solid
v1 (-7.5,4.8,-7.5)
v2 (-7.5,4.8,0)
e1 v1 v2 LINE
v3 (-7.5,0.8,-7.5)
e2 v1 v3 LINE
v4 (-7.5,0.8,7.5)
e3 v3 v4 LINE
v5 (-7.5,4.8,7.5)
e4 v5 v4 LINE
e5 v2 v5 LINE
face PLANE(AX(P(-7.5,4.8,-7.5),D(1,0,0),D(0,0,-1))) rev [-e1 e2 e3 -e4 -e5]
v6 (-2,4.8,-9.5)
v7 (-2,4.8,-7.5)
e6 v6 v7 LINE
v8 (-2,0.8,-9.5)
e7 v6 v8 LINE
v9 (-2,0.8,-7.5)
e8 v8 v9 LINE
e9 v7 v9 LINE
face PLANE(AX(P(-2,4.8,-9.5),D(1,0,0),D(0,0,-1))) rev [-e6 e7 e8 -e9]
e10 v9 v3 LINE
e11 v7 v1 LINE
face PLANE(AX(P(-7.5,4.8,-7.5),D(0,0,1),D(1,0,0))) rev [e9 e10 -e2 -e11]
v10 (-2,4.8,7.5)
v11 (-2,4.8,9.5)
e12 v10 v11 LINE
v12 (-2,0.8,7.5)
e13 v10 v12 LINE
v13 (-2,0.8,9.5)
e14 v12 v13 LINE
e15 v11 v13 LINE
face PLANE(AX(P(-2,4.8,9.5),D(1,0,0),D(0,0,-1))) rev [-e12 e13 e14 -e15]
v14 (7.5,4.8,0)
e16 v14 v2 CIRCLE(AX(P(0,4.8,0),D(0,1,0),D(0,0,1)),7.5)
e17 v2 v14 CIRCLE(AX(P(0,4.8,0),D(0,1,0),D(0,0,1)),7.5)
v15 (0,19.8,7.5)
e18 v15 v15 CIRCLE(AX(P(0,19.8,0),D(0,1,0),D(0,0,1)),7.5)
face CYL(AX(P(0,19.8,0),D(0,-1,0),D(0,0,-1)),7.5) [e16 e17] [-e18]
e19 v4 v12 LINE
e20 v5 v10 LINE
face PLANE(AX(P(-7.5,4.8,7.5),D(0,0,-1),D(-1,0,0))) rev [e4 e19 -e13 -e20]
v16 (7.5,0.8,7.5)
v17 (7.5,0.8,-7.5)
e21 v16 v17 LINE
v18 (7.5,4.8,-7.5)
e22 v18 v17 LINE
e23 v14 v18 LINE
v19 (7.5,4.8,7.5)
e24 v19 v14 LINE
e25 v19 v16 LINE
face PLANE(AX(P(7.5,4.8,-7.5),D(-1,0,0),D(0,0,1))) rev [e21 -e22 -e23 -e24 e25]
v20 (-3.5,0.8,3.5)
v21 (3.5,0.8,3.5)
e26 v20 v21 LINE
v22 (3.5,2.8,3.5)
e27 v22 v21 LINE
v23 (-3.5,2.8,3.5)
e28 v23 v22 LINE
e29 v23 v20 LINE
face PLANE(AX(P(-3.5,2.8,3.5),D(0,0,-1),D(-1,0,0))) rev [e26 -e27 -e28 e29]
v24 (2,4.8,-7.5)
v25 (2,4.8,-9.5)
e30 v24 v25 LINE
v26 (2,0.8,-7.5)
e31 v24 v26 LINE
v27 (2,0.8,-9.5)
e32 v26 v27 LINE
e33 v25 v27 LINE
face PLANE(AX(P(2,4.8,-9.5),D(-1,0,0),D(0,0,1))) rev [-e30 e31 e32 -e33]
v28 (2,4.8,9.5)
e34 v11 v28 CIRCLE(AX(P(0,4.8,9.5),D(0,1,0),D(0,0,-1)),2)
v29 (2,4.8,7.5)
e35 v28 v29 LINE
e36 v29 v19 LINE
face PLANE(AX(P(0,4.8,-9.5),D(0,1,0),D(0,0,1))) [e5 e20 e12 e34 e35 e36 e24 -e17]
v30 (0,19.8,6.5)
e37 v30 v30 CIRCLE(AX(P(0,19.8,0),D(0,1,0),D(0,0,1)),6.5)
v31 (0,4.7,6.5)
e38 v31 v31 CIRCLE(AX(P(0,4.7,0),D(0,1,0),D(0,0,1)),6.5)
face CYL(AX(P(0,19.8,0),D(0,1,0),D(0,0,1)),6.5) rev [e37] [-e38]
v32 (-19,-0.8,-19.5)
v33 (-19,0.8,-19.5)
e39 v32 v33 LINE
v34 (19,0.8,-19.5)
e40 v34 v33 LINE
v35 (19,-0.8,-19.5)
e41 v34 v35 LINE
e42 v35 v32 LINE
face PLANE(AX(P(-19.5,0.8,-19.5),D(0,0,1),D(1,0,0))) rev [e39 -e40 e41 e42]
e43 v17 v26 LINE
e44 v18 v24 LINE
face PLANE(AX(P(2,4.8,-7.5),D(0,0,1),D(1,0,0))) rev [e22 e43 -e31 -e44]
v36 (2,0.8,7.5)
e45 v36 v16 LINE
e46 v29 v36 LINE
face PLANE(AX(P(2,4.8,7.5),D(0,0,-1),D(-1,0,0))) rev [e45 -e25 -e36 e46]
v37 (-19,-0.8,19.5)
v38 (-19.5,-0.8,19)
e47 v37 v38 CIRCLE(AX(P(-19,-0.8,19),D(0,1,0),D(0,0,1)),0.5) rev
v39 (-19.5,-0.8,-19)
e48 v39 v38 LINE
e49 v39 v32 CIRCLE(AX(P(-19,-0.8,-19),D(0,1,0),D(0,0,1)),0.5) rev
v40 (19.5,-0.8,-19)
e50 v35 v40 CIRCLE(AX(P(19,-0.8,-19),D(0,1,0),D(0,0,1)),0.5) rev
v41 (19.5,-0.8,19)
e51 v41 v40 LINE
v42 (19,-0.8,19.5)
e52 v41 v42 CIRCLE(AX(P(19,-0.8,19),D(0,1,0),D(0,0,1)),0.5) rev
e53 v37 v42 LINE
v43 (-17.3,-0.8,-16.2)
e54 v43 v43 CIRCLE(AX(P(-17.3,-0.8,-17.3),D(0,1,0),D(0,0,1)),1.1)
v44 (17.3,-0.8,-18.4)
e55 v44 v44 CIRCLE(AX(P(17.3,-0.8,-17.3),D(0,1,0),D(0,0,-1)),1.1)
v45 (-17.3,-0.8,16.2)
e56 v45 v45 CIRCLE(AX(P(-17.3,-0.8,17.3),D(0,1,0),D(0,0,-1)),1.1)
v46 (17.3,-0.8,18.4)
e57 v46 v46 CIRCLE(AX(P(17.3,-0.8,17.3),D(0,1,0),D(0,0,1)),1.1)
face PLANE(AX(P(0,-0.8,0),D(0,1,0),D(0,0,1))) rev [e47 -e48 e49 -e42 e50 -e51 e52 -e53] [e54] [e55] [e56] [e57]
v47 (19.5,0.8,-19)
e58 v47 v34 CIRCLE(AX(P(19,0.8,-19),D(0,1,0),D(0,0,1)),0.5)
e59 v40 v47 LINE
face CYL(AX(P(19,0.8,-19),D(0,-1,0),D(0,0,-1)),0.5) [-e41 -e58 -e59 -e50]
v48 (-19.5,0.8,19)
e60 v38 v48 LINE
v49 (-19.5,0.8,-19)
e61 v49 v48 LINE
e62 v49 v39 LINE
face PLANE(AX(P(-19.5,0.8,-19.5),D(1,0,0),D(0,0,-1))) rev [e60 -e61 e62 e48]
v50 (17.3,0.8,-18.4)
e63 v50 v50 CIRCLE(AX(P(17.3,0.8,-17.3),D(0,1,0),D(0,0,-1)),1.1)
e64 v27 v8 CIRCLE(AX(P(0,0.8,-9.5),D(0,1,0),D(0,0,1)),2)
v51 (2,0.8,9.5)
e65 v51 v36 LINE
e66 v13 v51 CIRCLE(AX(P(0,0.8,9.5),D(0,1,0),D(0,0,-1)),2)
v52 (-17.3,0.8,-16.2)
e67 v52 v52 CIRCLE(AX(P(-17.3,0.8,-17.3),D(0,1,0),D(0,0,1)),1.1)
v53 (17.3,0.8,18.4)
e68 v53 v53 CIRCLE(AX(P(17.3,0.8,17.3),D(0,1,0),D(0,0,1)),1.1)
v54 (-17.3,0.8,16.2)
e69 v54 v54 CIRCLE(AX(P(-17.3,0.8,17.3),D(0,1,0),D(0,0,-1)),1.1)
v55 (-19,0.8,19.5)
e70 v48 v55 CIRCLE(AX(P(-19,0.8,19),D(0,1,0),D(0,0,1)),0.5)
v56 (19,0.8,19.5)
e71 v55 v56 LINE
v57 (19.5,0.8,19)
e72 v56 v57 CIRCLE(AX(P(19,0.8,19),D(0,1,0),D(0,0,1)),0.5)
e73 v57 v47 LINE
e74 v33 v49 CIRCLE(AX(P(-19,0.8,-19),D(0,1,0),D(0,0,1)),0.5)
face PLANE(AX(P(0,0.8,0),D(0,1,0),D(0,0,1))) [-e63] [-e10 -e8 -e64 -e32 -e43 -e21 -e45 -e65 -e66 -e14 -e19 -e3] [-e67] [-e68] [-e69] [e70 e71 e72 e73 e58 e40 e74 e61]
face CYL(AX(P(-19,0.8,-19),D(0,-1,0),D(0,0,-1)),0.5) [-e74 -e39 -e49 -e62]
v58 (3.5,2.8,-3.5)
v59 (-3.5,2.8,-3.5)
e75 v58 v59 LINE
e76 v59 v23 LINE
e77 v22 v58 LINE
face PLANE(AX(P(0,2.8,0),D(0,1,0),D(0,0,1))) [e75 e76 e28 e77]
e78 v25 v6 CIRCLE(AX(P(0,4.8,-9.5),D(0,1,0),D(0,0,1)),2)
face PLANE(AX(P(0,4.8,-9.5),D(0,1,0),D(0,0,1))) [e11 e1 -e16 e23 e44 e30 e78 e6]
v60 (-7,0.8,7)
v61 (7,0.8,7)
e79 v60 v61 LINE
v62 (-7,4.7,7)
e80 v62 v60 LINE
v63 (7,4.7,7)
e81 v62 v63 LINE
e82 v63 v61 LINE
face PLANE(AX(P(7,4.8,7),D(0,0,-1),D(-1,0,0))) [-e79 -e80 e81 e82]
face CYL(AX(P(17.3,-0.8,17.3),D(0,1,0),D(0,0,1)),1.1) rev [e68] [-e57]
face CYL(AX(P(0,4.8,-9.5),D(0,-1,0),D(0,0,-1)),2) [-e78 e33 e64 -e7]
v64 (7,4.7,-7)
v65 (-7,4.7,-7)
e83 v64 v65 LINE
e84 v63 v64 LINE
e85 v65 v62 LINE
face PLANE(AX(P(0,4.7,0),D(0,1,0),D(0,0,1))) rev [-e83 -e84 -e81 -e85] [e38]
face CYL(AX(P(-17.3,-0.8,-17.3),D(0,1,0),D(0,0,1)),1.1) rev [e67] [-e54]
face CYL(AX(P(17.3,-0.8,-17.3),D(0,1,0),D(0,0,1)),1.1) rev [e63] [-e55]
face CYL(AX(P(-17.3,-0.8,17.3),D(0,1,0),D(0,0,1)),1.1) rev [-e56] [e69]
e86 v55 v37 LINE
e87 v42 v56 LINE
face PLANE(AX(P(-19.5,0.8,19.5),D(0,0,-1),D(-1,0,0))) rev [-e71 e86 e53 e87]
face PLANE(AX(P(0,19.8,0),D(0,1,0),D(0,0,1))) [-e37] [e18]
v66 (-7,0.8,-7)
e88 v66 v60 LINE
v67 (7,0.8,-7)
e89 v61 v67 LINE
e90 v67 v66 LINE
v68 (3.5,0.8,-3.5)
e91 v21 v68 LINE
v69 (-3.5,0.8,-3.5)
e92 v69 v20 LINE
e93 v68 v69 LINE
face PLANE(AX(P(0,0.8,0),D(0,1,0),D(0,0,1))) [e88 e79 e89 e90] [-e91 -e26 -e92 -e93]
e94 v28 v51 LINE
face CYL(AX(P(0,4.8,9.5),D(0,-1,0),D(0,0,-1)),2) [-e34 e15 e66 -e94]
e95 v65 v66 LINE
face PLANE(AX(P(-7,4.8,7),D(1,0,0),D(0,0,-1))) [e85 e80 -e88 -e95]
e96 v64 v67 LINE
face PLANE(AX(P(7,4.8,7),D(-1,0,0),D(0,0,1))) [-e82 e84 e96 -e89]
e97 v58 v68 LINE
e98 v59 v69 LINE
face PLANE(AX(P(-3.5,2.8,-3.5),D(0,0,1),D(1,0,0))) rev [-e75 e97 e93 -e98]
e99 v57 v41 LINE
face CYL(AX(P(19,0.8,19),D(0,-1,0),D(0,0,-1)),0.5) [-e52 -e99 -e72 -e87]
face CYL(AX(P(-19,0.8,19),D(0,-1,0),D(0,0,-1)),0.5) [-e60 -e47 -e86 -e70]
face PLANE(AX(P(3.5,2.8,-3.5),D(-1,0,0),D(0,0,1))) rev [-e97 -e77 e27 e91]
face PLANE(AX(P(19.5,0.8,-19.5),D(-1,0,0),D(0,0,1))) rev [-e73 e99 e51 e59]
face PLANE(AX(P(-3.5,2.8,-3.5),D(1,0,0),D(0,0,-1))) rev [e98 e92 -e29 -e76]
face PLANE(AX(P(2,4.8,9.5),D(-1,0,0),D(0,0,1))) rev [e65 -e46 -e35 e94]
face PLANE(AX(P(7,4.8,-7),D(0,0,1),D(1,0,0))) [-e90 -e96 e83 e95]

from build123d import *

# Parameters (mm, degrees)
SKETCH1_W                 = 39
SKETCH1_H                 = 39
BOSS_EXTRUDE1_DEPTH       = 0.8
FILLET1_R                 = 0.5
SKETCH2_R                 = 1.1
CUT_EXTRUDE1_DEPTH        = 1.6
SKETCH3_W                 = 7
SKETCH3_H                 = 7
BOSS_EXTRUDE2_DEPTH       = 2
SKETCH4_W                 = 14
SKETCH4_H                 = 14
BOSS_EXTRUDE3_DEPTH       = 4
SKETCH5_W                 = 15
SKETCH5_H                 = 15
BOSS_EXTRUDE4_DEPTH       = 0.1
SKETCH6_R                 = 7.5
BOSS_EXTRUDE5_DEPTH       = 15
M12_CLEARANCE_HOLE1_D     = 13
M12_CLEARANCE_HOLE1_DEPTH = 15.1


with BuildPart() as part:
    # Sketch1 → Boss-Extrude1 (new, symmetric)
    with BuildSketch(Plane(origin=(0, 0, 0), x_dir=(1, 0, 0), z_dir=(0, 1, 0))):
        Rectangle(SKETCH1_W, SKETCH1_H)
    extrude(amount=BOSS_EXTRUDE1_DEPTH, both=True)

    # Fillet1
    fillet1_edges = [part.edges().sort_by_distance(p)[0] for p in [
        (19.5, 0, 19.5),
        (-19.5, 0, 19.5),
        (-19.5, 0, -19.5),
        (19.5, 0, -19.5),
    ]]
    fillet(fillet1_edges, radius=FILLET1_R)

    # Sketch2 → Cut-Extrude1 (cut)
    with BuildSketch(Plane(origin=(0, 0.8, 0), x_dir=(1, 0, 0), z_dir=(0, 1, 0))):
        with Locations(Location((-17.3, 17.3, 0), (0, 0, 270))):
            Circle(SKETCH2_R)
        with Locations(Location((-17.3, -17.3, 0), (0, 0, 90))):
            Circle(SKETCH2_R)
        with Locations(Location((17.3, -17.3, 0), (0, 0, 270))):
            Circle(SKETCH2_R)
        with Locations(Location((17.3, 17.3, 0), (0, 0, 90))):
            Circle(SKETCH2_R)
    extrude(amount=-CUT_EXTRUDE1_DEPTH, mode=Mode.SUBTRACT)

    # Sketch3 → Boss-Extrude2 (add)
    with BuildSketch(Plane(origin=(0, 0.8, 0), x_dir=(1, 0, 0), z_dir=(0, 1, 0))):
        Rectangle(SKETCH3_W, SKETCH3_H)
    extrude(amount=BOSS_EXTRUDE2_DEPTH)

    # Sketch4 → Boss-Extrude3 (add)
    with BuildSketch(Plane(origin=(0, 0.8, 0), x_dir=(1, 0, 0), z_dir=(0, 1, 0))):
        with BuildLine():
            Line((-2, 9.5), (-2, 7.5))
            Line((-2, 7.5), (-7.5, 7.5))
            Line((-7.5, 7.5), (-7.5, -7.5))
            Line((-7.5, -7.5), (-2, -7.5))
            Line((-2, -7.5), (-2, -9.5))
            ThreePointArc((-2, -9.5), (0, -11.5), (2, -9.5))
            Line((2, -9.5), (2, -7.5))
            Line((2, -7.5), (7.5, -7.5))
            Line((7.5, -7.5), (7.5, 7.5))
            Line((7.5, 7.5), (2, 7.5))
            Line((2, 7.5), (2, 9.5))
            ThreePointArc((2, 9.5), (0, 11.5), (-2, 9.5))
        make_face()
        Rectangle(SKETCH4_W, SKETCH4_H, mode=Mode.SUBTRACT)
    extrude(amount=BOSS_EXTRUDE3_DEPTH)

    # Sketch5 → Boss-Extrude4 (add)
    with BuildSketch(Plane(origin=(0, 4.8, 0), x_dir=(1, 0, 0), z_dir=(0, 1, 0))):
        Rectangle(SKETCH5_W, SKETCH5_H)
    extrude(amount=-BOSS_EXTRUDE4_DEPTH)

    # Sketch6 → Boss-Extrude5 (add)
    with BuildSketch(Plane(origin=(0, 4.8, 0), x_dir=(1, 0, 0), z_dir=(0, 1, 0))):
        with Locations(Location((0, 0, 0), (0, 0, 180))):
            Circle(SKETCH6_R)
    extrude(amount=BOSS_EXTRUDE5_DEPTH)

    # M12 Clearance Hole1
    with Locations(Plane(origin=(0, 19.8, 0), x_dir=(1, 0, 0), z_dir=(0, 1, 0))):
        with Locations((0, 0)):
            Hole(M12_CLEARANCE_HOLE1_D / 2, depth=M12_CLEARANCE_HOLE1_DEPTH)


solid = part.part
